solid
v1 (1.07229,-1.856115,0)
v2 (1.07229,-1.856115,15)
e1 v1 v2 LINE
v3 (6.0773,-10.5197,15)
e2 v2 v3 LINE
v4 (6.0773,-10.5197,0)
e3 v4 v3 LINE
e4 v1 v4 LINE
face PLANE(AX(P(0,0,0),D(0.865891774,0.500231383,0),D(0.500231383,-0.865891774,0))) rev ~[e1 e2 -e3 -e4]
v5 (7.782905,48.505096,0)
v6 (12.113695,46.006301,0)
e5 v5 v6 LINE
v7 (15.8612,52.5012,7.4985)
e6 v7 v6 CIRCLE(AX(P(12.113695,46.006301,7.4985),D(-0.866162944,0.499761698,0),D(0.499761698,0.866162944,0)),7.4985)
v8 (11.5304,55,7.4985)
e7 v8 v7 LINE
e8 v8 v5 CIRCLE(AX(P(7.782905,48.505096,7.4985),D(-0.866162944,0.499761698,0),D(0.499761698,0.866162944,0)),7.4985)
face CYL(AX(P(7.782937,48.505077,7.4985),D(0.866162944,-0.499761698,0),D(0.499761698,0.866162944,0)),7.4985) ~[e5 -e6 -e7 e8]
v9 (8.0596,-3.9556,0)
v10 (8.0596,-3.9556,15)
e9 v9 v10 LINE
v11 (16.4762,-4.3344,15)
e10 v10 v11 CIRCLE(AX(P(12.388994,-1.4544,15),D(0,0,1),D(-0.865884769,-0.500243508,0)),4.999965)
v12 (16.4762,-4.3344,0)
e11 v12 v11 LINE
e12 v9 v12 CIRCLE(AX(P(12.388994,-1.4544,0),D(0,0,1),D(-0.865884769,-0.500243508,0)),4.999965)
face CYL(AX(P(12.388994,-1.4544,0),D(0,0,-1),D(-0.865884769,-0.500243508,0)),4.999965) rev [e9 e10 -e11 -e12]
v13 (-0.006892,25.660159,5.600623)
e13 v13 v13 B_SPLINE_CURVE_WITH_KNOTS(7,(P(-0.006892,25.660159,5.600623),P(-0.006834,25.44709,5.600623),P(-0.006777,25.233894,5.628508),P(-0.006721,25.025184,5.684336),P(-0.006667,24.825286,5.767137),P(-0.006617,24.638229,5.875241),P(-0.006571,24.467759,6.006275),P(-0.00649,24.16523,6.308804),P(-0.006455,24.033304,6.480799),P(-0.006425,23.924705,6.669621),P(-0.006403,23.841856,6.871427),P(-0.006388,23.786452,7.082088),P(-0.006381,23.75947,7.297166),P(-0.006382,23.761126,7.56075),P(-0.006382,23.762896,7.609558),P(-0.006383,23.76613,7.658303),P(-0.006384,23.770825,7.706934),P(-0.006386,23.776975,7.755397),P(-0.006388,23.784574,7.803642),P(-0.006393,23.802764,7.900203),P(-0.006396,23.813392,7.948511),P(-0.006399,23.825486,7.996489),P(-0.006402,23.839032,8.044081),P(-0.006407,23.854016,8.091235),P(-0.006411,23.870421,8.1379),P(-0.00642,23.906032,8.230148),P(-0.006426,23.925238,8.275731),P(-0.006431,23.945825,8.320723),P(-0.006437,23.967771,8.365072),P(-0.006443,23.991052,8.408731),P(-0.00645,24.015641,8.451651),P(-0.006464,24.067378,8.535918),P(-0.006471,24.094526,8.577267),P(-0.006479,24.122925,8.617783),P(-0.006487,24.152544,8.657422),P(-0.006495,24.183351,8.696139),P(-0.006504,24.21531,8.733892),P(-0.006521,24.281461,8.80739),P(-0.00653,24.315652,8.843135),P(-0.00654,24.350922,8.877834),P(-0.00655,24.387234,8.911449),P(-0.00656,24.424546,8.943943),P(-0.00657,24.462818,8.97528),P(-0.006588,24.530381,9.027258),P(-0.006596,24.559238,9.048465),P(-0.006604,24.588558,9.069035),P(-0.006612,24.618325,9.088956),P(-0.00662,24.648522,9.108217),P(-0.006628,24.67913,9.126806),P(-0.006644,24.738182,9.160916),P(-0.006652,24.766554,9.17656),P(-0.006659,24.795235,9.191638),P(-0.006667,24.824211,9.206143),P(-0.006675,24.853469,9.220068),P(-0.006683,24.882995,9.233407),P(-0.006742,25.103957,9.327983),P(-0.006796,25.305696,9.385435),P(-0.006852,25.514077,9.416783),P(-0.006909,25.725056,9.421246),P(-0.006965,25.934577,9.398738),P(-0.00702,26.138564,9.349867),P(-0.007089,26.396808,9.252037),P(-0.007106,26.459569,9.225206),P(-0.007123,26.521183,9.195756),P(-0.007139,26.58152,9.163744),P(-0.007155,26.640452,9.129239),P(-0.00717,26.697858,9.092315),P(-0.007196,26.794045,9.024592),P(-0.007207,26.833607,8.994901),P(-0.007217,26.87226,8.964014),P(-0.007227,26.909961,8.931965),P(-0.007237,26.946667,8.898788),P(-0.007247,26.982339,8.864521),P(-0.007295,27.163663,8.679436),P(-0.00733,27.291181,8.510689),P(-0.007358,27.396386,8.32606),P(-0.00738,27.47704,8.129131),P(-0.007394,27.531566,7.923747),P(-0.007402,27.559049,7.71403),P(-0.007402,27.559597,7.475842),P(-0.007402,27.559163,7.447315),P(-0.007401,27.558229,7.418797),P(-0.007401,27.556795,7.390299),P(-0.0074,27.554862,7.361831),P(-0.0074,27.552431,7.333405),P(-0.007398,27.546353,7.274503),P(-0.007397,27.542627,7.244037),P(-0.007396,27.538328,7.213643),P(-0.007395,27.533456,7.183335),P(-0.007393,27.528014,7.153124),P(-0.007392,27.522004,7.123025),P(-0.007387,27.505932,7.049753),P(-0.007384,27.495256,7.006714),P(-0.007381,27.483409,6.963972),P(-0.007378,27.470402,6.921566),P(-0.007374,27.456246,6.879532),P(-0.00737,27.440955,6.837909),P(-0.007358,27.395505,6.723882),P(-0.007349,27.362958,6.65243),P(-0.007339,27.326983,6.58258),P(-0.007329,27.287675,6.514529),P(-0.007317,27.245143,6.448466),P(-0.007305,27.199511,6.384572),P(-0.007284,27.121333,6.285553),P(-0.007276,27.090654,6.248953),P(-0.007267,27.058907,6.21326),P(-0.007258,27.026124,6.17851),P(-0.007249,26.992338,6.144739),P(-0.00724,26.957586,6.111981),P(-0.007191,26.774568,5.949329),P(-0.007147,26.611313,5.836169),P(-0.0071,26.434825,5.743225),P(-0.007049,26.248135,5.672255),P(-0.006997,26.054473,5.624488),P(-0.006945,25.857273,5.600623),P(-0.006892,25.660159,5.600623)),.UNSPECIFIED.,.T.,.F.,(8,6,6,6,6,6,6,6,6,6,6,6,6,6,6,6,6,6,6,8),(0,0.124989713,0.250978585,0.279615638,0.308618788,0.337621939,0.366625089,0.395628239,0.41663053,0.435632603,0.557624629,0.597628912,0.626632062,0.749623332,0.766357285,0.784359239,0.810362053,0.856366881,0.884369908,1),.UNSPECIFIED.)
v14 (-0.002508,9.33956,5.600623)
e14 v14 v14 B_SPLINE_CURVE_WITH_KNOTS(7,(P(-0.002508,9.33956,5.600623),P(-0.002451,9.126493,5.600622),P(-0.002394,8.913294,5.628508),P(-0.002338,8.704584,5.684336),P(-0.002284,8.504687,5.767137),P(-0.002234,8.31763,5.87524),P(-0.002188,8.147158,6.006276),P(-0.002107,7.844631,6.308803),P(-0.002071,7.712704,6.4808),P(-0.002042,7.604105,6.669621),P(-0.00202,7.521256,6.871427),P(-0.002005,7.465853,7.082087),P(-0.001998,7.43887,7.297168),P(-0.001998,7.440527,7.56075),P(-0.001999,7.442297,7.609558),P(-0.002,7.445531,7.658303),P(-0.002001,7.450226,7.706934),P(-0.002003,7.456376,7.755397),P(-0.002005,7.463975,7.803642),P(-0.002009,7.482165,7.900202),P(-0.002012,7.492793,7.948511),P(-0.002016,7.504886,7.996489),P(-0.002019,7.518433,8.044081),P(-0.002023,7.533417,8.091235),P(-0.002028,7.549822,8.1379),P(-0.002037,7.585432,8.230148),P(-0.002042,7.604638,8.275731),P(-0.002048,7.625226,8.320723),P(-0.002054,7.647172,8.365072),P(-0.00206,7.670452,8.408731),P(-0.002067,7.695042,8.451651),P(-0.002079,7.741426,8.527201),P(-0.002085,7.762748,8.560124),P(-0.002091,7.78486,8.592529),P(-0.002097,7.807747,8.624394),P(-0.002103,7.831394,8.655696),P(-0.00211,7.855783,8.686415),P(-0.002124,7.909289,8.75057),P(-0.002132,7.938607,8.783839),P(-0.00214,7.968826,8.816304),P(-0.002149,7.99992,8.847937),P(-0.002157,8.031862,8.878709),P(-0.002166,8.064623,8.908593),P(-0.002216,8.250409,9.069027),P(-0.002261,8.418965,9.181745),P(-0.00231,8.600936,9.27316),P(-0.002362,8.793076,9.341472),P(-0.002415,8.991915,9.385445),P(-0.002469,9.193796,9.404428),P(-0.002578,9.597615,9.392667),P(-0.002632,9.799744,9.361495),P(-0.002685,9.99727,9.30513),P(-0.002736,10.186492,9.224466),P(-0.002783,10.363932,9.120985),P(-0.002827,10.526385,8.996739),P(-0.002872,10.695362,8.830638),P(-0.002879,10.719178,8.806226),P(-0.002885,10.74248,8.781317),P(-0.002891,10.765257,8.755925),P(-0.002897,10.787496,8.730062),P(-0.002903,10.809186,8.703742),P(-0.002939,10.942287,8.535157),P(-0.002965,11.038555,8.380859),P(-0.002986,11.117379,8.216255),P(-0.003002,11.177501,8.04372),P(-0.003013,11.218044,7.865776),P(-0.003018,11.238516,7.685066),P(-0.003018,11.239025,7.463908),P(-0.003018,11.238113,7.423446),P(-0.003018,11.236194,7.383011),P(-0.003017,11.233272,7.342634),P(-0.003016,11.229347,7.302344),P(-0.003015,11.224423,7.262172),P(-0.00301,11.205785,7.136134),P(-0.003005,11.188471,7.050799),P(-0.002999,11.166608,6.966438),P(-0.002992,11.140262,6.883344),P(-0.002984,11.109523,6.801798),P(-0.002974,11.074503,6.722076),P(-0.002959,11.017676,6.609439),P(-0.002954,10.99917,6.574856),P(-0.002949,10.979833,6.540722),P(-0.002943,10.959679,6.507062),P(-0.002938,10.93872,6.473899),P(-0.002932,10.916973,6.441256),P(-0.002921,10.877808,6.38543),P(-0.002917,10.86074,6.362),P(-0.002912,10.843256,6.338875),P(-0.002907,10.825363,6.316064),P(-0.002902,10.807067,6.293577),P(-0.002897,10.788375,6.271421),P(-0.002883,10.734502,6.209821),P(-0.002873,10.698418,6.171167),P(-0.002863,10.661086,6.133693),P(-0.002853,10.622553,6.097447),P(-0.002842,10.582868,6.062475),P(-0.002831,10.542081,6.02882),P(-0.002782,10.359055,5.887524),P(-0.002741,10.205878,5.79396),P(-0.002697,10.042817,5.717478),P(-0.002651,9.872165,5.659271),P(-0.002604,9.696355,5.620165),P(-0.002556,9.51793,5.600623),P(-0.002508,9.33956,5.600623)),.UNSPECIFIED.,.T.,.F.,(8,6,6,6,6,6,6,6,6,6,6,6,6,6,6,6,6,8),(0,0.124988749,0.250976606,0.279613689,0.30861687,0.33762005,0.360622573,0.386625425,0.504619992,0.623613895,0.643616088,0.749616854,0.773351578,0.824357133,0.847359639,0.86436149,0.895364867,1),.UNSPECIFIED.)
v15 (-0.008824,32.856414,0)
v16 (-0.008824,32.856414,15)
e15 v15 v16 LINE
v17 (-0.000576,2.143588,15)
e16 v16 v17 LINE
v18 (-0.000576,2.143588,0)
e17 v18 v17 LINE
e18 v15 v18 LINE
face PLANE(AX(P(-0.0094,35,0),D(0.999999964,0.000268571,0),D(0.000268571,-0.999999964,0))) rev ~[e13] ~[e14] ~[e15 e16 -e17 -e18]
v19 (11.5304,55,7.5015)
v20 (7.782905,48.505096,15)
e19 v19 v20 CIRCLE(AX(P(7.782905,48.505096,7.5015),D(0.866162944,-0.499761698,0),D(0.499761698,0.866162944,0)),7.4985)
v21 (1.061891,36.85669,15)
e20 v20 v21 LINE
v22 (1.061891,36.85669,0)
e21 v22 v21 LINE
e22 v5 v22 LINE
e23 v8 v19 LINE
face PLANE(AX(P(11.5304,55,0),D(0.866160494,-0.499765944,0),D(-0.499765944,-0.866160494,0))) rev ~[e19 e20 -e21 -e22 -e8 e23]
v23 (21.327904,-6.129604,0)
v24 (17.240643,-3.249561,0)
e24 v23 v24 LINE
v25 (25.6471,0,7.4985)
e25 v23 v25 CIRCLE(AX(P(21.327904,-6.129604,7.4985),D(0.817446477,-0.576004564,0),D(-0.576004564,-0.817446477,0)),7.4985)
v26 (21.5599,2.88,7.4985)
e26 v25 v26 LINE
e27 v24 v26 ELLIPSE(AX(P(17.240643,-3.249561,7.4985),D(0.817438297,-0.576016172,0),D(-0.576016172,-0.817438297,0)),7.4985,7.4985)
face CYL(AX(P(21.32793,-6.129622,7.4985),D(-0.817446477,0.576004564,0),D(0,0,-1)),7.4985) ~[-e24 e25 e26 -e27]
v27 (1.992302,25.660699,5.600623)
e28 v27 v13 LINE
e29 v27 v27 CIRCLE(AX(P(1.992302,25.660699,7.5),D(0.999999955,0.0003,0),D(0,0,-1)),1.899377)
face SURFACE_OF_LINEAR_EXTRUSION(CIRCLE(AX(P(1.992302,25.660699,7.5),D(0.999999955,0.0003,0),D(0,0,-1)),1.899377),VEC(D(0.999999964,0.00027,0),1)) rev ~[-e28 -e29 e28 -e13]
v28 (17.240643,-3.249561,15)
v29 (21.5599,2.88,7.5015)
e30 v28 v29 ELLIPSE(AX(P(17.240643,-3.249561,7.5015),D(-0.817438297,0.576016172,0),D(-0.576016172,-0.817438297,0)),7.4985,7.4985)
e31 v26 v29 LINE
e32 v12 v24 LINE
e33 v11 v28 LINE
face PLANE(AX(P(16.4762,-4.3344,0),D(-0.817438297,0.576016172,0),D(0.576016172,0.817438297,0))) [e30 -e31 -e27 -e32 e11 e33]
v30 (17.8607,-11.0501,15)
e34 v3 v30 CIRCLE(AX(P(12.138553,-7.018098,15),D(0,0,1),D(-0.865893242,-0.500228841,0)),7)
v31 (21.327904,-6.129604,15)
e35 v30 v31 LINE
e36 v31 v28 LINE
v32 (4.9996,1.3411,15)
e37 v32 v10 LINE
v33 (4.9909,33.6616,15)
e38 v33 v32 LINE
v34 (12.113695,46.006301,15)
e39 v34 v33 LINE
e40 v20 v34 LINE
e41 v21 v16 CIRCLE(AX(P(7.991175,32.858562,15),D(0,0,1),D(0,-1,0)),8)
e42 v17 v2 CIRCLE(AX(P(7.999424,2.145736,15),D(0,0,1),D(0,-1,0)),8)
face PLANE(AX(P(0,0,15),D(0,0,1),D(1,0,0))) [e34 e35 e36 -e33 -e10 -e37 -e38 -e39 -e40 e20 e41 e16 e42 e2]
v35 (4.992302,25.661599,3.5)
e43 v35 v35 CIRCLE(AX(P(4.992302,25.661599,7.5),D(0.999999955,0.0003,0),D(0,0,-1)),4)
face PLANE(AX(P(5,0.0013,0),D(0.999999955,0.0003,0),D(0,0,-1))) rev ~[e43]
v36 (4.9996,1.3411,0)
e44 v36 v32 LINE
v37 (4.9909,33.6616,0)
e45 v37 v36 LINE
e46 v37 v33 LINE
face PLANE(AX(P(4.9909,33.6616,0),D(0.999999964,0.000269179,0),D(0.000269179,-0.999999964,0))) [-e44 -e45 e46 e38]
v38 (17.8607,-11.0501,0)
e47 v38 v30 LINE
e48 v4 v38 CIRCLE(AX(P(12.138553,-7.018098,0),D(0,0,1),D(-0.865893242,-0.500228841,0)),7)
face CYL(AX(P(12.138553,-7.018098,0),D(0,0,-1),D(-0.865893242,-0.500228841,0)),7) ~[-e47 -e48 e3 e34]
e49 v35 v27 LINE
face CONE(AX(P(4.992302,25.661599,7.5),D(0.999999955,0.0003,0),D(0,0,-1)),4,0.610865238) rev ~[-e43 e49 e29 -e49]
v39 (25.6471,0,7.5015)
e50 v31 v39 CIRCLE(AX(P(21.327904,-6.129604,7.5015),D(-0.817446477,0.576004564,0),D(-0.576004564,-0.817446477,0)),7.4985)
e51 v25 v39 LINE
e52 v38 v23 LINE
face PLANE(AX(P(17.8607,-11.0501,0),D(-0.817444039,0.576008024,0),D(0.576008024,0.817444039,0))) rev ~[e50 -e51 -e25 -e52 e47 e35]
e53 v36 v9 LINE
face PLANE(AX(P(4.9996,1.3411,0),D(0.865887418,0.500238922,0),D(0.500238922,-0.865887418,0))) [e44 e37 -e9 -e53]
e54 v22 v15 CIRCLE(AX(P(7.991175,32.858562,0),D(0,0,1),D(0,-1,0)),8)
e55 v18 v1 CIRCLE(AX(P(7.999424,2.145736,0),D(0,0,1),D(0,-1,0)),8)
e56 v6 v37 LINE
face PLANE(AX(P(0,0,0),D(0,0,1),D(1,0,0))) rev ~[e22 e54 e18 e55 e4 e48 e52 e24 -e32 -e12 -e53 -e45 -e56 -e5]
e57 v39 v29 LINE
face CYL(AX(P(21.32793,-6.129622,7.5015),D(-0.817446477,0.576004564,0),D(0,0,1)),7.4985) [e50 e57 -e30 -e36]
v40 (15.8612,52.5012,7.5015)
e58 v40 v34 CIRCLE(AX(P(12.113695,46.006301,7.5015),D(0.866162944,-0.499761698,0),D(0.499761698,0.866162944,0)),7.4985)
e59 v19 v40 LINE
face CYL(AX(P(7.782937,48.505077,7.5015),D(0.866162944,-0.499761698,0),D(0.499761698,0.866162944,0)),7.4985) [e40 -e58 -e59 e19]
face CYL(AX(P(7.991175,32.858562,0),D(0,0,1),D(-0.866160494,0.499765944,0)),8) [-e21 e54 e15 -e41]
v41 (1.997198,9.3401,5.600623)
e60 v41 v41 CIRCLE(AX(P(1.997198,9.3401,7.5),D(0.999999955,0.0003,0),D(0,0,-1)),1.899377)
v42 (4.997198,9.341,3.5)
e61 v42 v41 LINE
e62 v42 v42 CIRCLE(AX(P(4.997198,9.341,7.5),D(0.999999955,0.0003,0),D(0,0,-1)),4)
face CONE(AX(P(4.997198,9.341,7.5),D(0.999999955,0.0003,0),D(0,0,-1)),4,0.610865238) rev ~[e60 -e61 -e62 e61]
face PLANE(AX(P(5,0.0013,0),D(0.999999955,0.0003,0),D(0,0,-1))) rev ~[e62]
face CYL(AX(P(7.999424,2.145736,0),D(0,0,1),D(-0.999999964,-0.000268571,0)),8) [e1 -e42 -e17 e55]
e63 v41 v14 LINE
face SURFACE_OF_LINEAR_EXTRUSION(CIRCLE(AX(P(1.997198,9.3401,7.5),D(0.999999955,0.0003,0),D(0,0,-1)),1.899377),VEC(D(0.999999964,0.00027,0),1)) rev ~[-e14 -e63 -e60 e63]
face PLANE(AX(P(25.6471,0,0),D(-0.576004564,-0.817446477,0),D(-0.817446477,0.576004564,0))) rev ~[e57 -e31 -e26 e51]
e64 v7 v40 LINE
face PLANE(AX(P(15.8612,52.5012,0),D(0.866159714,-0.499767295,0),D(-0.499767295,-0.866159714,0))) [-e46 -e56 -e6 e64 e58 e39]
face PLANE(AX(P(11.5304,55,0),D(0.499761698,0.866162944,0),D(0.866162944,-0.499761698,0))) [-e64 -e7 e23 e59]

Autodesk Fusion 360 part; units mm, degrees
sketch "Sketch1" plane through (0, 0, 0) normal (0, 0, 1) x (1, 0, 0)
  line L0 (11.5304, 55) -> (-0.0094, 35)
  line L1 (-0.0094, 35) -> (0, 0)
  line L2 (0, 0) -> (6.0773, -10.5197)
  line L3 (17.8607, -11.0501) -> (25.6471, 0)
  line L4 (15.8612, 52.5012) -> (4.9909, 33.6616)
  line L5 (4.9909, 33.6616) -> (4.9996, 1.3411)
  line L6 (4.9996, 1.3411) -> (8.0596, -3.9556)
  line L7 (16.4762, -4.3344) -> (21.5599, 2.88)
  line L8 (11.5304, 55) -> (15.8612, 52.5012)
  line L9 (25.6471, 0) -> (21.5599, 2.88)
  arc A0 (8.0596, -3.9556) -> (16.4762, -4.3344) centre (12.389, -1.4544) ccw
  arc A1 (6.0773, -10.5197) -> (17.8607, -11.0501) centre (12.1386, -7.0181) ccw
  point P0 (11.5542, -20)
  dimension "d16" = 35
  dimension "d17" = 150
  dimension "d18" = 150
  dimension "d19" = 20
  dimension "d20" = 20
  dimension "d21" = 20
  dimension "d23" = 5
  dimension "d24" = 7
extrude "Extrude1" add sketch "Sketch1" along normal blind 15
sketch "Sketch2" plane through (5, 0.0013, 0) normal (1, 0.0003, 0) x (0, 0, -1)
  line L0 (0, 1.3397) -> (0, 33.6603)
  line L1 (0, 33.6603) -> (-15, 33.6603)
  line L2 (-15, 33.6603) -> (-15, 1.3397)
  line L3 (-15, 1.3397) -> (0, 1.3397)
  line L4 (-7.5, 33.6603) -> (-7.5, 1.3397) construction
  line L5 (0, 17.5) -> (-15, 17.5) construction
  circle A0 centre (-7.5, 25.6603) radius 4
  circle A1 centre (-7.5, 9.3397) radius 4
  dimension "d27" = 8
  dimension "d28" = 8
extrude "Extrude2" cut sketch "Sketch2" against normal blind 3 draft -35 contours A0 | A1
extrude "Extrude3" cut 2 faces at (1.9929, 26.1558, 7.387) (1.9973, 9.8353, 7.0106) along direction (-1, -0.00027, 0) through all
fillet "Fillet1" radius 7.5 4 edges at (13.6958, 53.7506, 15) (13.6958, 53.7506, 0) (23.6035, 1.44, 15) (23.6035, 1.44, 0)
fillet "Fillet2" radius 8 2 edges at (-0.0094, 35, 7.5) (0, 0, 7.5)
